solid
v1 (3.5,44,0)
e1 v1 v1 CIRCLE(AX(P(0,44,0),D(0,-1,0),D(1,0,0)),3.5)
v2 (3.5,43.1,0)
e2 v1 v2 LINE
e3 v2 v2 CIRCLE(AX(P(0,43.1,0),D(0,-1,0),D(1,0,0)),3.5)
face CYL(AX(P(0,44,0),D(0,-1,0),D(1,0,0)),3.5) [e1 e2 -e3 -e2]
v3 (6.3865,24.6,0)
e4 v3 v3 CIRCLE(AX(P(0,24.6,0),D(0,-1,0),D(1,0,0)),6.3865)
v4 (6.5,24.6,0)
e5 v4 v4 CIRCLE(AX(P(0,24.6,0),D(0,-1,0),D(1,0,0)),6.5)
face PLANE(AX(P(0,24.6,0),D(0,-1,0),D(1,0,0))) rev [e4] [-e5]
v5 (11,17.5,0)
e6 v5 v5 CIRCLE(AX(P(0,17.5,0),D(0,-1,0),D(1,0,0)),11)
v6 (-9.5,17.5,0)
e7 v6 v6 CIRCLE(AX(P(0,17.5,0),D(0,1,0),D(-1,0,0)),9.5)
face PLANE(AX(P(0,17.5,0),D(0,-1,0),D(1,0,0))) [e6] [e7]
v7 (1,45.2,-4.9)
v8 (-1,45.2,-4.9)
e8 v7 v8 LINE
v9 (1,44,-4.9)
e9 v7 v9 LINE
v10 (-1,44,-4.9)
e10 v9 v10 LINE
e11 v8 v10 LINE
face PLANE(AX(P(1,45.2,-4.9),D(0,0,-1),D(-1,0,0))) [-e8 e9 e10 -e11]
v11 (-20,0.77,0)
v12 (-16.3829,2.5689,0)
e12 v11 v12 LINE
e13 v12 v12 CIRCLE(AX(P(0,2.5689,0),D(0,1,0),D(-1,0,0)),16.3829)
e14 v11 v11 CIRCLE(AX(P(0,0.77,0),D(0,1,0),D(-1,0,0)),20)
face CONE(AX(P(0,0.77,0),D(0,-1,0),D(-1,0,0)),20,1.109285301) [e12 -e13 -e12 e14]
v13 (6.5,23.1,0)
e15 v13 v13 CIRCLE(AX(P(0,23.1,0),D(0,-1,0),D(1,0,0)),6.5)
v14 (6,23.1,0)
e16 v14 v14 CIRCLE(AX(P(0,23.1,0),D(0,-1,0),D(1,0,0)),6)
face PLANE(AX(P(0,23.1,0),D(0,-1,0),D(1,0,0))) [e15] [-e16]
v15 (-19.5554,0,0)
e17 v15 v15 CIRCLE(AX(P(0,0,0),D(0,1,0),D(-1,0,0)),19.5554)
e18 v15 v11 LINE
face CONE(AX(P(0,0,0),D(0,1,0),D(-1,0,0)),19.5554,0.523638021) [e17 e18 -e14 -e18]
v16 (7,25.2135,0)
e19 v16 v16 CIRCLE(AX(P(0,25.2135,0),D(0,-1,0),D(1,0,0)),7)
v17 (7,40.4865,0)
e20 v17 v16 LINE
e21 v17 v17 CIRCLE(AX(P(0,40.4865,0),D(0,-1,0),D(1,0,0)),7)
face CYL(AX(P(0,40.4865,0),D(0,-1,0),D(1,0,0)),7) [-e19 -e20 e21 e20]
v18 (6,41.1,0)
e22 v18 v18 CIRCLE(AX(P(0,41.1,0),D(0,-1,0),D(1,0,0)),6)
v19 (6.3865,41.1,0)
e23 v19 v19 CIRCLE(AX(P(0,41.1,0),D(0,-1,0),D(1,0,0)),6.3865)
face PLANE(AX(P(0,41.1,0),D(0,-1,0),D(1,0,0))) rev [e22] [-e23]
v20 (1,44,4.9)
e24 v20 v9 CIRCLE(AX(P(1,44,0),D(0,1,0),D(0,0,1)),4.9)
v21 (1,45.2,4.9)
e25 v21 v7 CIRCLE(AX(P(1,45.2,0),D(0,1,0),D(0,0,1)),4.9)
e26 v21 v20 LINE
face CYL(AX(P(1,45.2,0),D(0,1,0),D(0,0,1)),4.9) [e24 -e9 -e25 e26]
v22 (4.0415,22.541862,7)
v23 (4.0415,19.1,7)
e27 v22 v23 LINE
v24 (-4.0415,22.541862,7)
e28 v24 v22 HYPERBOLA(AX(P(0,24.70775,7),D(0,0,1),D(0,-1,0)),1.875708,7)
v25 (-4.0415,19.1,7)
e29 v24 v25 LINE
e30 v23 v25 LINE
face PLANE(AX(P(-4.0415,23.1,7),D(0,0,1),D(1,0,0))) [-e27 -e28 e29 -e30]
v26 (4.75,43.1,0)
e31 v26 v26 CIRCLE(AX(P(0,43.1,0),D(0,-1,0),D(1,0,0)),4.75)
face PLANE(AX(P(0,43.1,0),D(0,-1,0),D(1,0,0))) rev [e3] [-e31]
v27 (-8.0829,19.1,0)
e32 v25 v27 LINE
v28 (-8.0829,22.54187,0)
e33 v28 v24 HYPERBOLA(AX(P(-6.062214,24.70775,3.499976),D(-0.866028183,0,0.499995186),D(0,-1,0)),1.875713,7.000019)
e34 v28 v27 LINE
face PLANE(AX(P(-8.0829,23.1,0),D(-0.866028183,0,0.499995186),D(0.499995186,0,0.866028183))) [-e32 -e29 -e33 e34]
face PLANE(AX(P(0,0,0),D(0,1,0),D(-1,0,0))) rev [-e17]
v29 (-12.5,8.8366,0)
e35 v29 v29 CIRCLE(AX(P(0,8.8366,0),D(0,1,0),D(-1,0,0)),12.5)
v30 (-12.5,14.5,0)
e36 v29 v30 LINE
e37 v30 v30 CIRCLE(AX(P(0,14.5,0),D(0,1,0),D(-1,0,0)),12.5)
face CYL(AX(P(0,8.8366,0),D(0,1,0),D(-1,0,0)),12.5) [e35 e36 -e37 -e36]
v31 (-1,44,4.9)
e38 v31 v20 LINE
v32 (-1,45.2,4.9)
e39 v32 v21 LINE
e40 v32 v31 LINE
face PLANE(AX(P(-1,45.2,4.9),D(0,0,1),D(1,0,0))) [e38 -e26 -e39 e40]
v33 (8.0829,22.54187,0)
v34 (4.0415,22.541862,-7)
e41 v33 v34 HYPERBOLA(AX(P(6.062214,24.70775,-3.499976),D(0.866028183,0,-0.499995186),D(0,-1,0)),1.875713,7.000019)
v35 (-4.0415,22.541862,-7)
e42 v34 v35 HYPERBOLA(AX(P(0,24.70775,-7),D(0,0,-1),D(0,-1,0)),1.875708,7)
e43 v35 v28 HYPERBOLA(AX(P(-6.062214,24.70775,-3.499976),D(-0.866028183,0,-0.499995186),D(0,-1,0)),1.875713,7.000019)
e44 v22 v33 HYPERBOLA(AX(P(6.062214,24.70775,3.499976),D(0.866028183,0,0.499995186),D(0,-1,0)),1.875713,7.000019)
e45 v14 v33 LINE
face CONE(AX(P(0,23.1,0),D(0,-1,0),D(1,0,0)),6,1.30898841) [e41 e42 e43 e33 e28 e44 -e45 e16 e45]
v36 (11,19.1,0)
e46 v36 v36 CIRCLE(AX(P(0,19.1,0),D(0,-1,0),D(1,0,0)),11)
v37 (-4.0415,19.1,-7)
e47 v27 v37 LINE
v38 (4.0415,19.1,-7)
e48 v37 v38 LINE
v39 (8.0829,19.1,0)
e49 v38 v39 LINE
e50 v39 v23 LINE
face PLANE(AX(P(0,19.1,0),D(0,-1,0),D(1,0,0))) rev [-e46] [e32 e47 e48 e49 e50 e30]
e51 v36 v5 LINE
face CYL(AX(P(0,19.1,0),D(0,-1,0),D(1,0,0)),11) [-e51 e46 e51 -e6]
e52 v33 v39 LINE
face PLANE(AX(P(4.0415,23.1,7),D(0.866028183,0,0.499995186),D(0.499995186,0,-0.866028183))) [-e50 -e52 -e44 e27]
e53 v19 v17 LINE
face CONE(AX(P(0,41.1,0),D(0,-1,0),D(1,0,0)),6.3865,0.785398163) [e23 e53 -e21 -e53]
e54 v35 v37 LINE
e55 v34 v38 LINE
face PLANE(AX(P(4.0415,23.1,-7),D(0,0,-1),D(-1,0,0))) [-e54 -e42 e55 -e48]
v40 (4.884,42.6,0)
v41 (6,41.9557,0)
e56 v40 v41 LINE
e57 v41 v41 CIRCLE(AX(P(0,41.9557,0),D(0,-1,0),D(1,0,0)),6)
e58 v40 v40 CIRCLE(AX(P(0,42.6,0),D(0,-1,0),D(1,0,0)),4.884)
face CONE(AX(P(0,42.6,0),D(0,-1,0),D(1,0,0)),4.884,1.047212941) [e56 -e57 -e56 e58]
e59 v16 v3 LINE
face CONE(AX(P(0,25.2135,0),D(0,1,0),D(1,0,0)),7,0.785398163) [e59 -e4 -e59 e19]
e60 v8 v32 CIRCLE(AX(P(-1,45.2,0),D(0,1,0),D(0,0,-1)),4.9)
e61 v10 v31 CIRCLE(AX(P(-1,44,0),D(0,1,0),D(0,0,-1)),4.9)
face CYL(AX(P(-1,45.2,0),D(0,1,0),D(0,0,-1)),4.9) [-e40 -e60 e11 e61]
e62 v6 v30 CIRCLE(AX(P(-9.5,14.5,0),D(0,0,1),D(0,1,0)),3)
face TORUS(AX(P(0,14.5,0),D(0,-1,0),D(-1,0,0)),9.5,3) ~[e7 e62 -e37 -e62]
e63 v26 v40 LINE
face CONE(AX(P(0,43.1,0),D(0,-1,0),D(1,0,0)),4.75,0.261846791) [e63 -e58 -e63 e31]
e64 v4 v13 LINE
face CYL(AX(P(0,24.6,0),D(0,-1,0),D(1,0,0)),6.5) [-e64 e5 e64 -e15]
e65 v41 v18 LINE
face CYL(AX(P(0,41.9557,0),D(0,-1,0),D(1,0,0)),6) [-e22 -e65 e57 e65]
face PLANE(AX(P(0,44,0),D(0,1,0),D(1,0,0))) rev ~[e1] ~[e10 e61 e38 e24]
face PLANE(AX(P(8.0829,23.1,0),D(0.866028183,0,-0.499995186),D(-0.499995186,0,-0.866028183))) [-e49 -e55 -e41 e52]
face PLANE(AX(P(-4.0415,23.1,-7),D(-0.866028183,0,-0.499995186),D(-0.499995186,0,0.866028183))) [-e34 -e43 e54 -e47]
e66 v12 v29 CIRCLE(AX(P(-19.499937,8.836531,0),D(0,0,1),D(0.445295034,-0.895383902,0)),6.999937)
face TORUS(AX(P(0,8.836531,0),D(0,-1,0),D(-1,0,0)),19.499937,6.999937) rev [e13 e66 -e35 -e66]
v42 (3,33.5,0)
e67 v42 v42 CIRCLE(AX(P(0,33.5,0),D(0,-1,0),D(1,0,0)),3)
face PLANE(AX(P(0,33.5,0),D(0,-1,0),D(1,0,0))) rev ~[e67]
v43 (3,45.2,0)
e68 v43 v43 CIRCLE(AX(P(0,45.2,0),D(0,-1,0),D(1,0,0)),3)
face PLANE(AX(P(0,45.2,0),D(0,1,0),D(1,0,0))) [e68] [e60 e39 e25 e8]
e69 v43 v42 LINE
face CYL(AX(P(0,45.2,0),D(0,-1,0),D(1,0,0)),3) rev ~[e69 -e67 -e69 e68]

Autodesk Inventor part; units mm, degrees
sketch "Sketch_1" plane through (0, 45.2, 0) normal (0, 1, 0) x (1, 0, 0)
  arc A0 (-1, 4.9) -> (-1, -4.9) centre (-1, 0) ccw
  line L0 (-1, -4.9) -> (1, -4.9)
  arc A1 (1, -4.9) -> (1, 4.9) centre (1, 0) ccw
  line L1 (1, 4.9) -> (-1, 4.9)
extrude "Extrusion1" add sketch "Sketch_1" against normal blind 1.2
sketch "Sketch_2" plane through (0, 0, 0) normal (0, 0, 1) x (1, 0, 0)
  line L0 (0, 41.1) -> (0, 44)
  line L1 (0, 44) -> (3.5, 44)
  line L2 (3.5, 44) -> (3.5, 43.1)
  line L3 (3.5, 43.1) -> (4.75, 43.1)
  line L4 (4.75, 43.1) -> (4.884, 42.6)
  line L5 (4.884, 42.6) -> (6, 41.9557)
  line L6 (6, 41.9557) -> (6, 41.1)
  line L7 (6, 41.1) -> (0, 41.1)
  line L8 (0, 41.1) -> (0, 44)
revolve "Revolution1" add sketch "Sketch_2" angle 360 about axis through (0, 41.1, 0) along (0, -1, 0)
sketch "Sketch_5" plane through (0, 0, 0) normal (0, 0, 1) x (1, 0, 0)
  line L0 (0, 24.6) -> (0, 41.1)
  line L1 (0, 41.1) -> (6.3865, 41.1)
  line L2 (6.3865, 41.1) -> (7, 40.4865)
  line L3 (7, 40.4865) -> (7, 25.2135)
  line L4 (7, 25.2135) -> (6.3865, 24.6)
  line L5 (6.3865, 24.6) -> (0, 24.6)
  line L6 (0, 24.6) -> (0, 41.1)
revolve "Revolution2" add sketch "Sketch_5" angle 360 about axis through (0, 24.6, 0) along (0, -1, 0)
thread "Thread1" size "M14x1" class "6g" standard "ISO Metric profile" full length
sketch "Sketch_6" plane through (0, 0, 0) normal (0, 0, 1) x (1, 0, 0)
  line L0 (0, 23.1) -> (0, 24.6)
  line L1 (0, 24.6) -> (6.5, 24.6)
  line L2 (6.5, 24.6) -> (6.5, 23.1)
  line L3 (6.5, 23.1) -> (0, 23.1)
  line L4 (0, 23.1) -> (0, 24.6)
revolve "Revolution3" add sketch "Sketch_6" angle 360 about axis through (0, 23.1, 0) along (0, -1, 0)
sketch "Sketch_8" plane through (0, 0, 0) normal (0, 0, 1) x (1, 0, 0)
  line L0 (0, 17.5) -> (0, 23.1)
  line L1 (0, 23.1) -> (6, 23.1)
  line L2 (6, 23.1) -> (8.4, 22.4569)
  line L3 (8.4, 22.4569) -> (8.4, 18.1431)
  line L4 (8.4, 18.1431) -> (6, 17.5)
  line L5 (6, 17.5) -> (0, 17.5)
  line L6 (0, 17.5) -> (0, 23.1)
revolve "Revolution4" add sketch "Sketch_8" angle 360 about axis through (0, 17.5, 0) along (0, -1, 0)
sketch "Sketch_9" plane through (0, 23.1, 0) normal (0, 1, 0) x (1, 0, 0)
  line L0 (-12, -12) -> (12, -12)
  line L1 (12, -12) -> (12, 12)
  line L2 (12, 12) -> (-12, 12)
  line L3 (-12, 12) -> (-12, -12)
  line L4 (-8.0829, 0) -> (-4.0415, -7)
  line L5 (-4.0415, -7) -> (4.0415, -7)
  line L6 (4.0415, -7) -> (8.0829, 0)
  line L7 (8.0829, 0) -> (4.0415, 7)
  line L8 (4.0415, 7) -> (-4.0415, 7)
  line L9 (-4.0415, 7) -> (-8.0829, 0)
extrude "Extrusion2" cut sketch "Sketch_9" against normal blind 5.6
sketch "Sketch_10" plane through (0, 0, 0) normal (0, 0, 1) x (1, 0, 0)
  line L0 (0, 17.5) -> (0, 19.1)
  line L1 (0, 19.1) -> (11, 19.1)
  line L2 (11, 19.1) -> (11, 17.5)
  line L3 (11, 17.5) -> (0, 17.5)
  line L4 (0, 17.5) -> (0, 19.1)
revolve "Revolution5" add sketch "Sketch_10" angle 360 about axis through (0, 17.5, 0) along (0, -1, 0)
sketch "Sketch_12" plane through (0, 0, 0) normal (0, 0, 1) x (1, 0, 0)
  line L0 (0, 33.5) -> (0, 45.2)
  line L1 (0, 45.2) -> (3, 45.2)
  line L2 (3, 45.2) -> (3, 33.5)
  line L3 (3, 33.5) -> (0, 33.5)
  line L4 (0, 33.5) -> (0, 45.2)
revolve "Revolution6" cut sketch "Sketch_12" angle 360 about axis through (0, 33.5, 0) along (0, -1, 0)
sketch "Sketch_22" plane through (0, 0, 0) normal (0, 0, 1) x (1, 0, 0)
  line L0 (0, 17.5) -> (0, 0)
  line L1 (0, 0) -> (-19.5554, 0)
  line L2 (-19.5554, 0) -> (-20, 0.77)
  line L3 (-20, 0.77) -> (-16.3829, 2.5689)
  arc A0 (-16.3829, 2.5689) -> (-12.5, 8.8366) centre (-19.5, 8.8366) ccw
  line L4 (-12.5, 8.8366) -> (-12.5, 14.5)
  arc A1 (-9.5, 17.5) -> (-12.5, 14.5) centre (-9.5, 14.5) ccw
  line L5 (-9.5, 17.5) -> (0, 17.5)
  line L6 (0, 17.5) -> (0, 0)
revolve "Revolution7" add sketch "Sketch_22" angle 360 about axis through (0, 17.5, 0) along (0, 1, 0)
ref_plane "BODY_TO_PARTS_XY" through (0, 17.5, 0) normal (0, 1, 0) x (1, 0, 0)
ref_plane "BODY_TO_PARTS_YZ" through (0, 17.5, 0) normal (1, 0, 0) x (0, 0, -1)
ref_plane "BODY_TO_PARTS_ZX" through (0, 17.5, 0) normal (0, 0, -1) x (0, 1, 0)
ref_plane "body_to_nut1_XY" through (0, 30.3, 0) normal (0, 1, 0) x (1, 0, 0)
ref_plane "body_to_nut1_YZ" through (0, 30.3, 0) normal (1, 0, 0) x (0, 0, -1)
ref_plane "body_to_nut1_ZX" through (0, 30.3, 0) normal (0, 0, -1) x (0, 1, 0)
ref_plane "body_to_nut2_XY" through (0, 24.7, 0) normal (0, 1, 0) x (1, 0, 0)
ref_plane "body_to_nut2_YZ" through (0, 24.7, 0) normal (1, 0, 0) x (0, 0, -1)
ref_plane "body_to_nut2_ZX" through (0, 24.7, 0) normal (0, 0, -1) x (0, 1, 0)
ref_plane "body_to_nut3_XY" through (0, 34.6, 0) normal (0, 1, 0) x (1, 0, 0)
ref_plane "body_to_nut3_YZ" through (0, 34.6, 0) normal (1, 0, 0) x (0, 0, -1)
ref_plane "body_to_nut3_ZX" through (0, 34.6, 0) normal (0, 0, -1) x (0, 1, 0)
ref_plane "body_to_nut4_XY" through (0, 27.6, 0) normal (0, 1, 0) x (1, 0, 0)
ref_plane "body_to_nut4_YZ" through (0, 27.6, 0) normal (1, 0, 0) x (0, 0, -1)
ref_plane "body_to_nut4_ZX" through (0, 27.6, 0) normal (0, 0, -1) x (0, 1, 0)
ref_plane "作業平面17" through (0, 0, 10) normal (0, 0, 1) x (1, 0, 0)
sketch "スケッチ11" plane through (0, 0, 10) normal (0, 0, 1) x (1, 0, 0)
  arc A0 (-16.3829, 2.5689) -> (-12.5, 8.8366) centre (-19.5, 8.8366) ccw projected
  line L0 (0, 0) -> (-19.5554, 0) projected
  line L1 (-19.5554, 0) -> (-20, 0.77) projected
  line L2 (-5.9, 44) -> (-1, 44) projected
  line L3 (-1, 45.2) -> (-5.9, 45.2) projected
  line L4 (-1, 45.2) -> (-1, 44) projected
  line L5 (-4.884, 42.6) -> (4.884, 42.6) projected
  line L6 (-4.884, 42.6) -> (4.884, 42.6) projected
  line L7 (-4.75, 43.1) -> (4.75, 43.1) projected
  line L8 (-3.5, 43.1) -> (3.5, 43.1) projected
  line L9 (-4.75, 43.1) -> (4.75, 43.1) projected
  line L10 (-1, 44) -> (1, 44) projected
  line L11 (1, 44) -> (-1, 44) projected
  line L12 (3.5, 44) -> (-3.5, 44) projected
  line L13 (-3.5, 43.1) -> (3.5, 43.1) projected
  line L14 (3.5, 44) -> (-3.5, 44) projected
  line L15 (1, 44) -> (5.9, 44) projected
  line L16 (3.5, 44) -> (-3.5, 44) projected
  line L17 (-1, 44) -> (-1, 44) projected
  line L18 (-1, 44) -> (1, 44) projected
  line L19 (1, 44) -> (1, 44) projected
  line L20 (1, 44) -> (-1, 44) projected
  line L21 (-3, 45.2) -> (3, 45.2) projected
  line L22 (-1, 45.2) -> (-1, 45.2) projected
  line L23 (-1, 45.2) -> (1, 45.2) projected
  line L24 (1, 45.2) -> (1, 45.2) projected
  line L25 (1, 45.2) -> (-1, 45.2) projected
  line L26 (5.9, 45.2) -> (1, 45.2) projected
  line L27 (1, 45.2) -> (1, 45.2) projected
  line L28 (1, 45.2) -> (1, 44) projected
  line L29 (1, 44) -> (1, 44) projected
  line L30 (1, 45.2) -> (1, 44) projected
  line L31 (1, 45.2) -> (1, 44) projected
  line L32 (-1, 45.2) -> (1, 45.2) projected
  line L33 (-1, 45.2) -> (1, 45.2) projected
  line L34 (-1, 45.2) -> (-1, 44) projected
  line L35 (1, 44) -> (-1, 44) projected
  line L36 (1, 45.2) -> (1, 44) projected
  line L37 (1, 45.2) -> (-1, 45.2) projected
  line L38 (1, 45.2) -> (1, 44) projected
  line L39 (1, 45.2) -> (-1, 45.2) projected
  line L40 (1, 45.2) -> (1, 44) projected
  line L41 (-1, 44) -> (1, 44) projected
  line L42 (-1, 45.2) -> (-1, 44) projected
  line L43 (-3, 45.2) -> (3, 45.2) projected
  line L44 (-4.75, 43.1) -> (4.75, 43.1) projected
  line L45 (-3.5, 43.1) -> (3.5, 43.1) projected
  line L46 (-3, 33.5) -> (3, 33.5) projected
  line L47 (-3, 45.2) -> (3, 45.2) projected
  line L48 (-6, 41.9557) -> (6, 41.9557) projected
  line L49 (-4.884, 42.6) -> (4.884, 42.6) projected
  line L50 (-6, 41.9557) -> (6, 41.9557) projected
  line L51 (-6, 41.1) -> (6, 41.1) projected
  line L52 (-6, 41.9557) -> (6, 41.9557) projected
  line L53 (-6, 41.1) -> (6, 41.1) projected
  line L54 (-3, 33.5) -> (3, 33.5) projected
  line L55 (-3, 33.5) -> (3, 33.5) projected
  line L56 (-6.3865, 41.1) -> (6.3865, 41.1) projected
  line L57 (-6.3865, 41.1) -> (6.3865, 41.1) projected
  line L58 (-6, 41.1) -> (6, 41.1) projected
  line L59 (-7, 40.4865) -> (7, 40.4865) projected
  line L60 (-7, 25.2135) -> (7, 25.2135) projected
  line L61 (-7, 40.4865) -> (7, 40.4865) projected
  line L62 (-7, 40.4865) -> (7, 40.4865) projected
  line L63 (-6.3865, 41.1) -> (6.3865, 41.1) projected
  line L64 (-7, 25.2135) -> (7, 25.2135) projected
  line L65 (-6.5, 23.1) -> (6.5, 23.1) projected
  line L66 (-6.3865, 24.6) -> (6.3865, 24.6) projected
  line L67 (-6.5, 24.6) -> (6.5, 24.6) projected
  line L68 (6, 23.1) -> (-6, 23.1) projected
  line L69 (-8.0829, 22.5419) -> (-8.0829, 19.1) projected
  line L70 (-4.0415, 22.5419) -> (-4.0415, 19.1) projected
  line L71 (4.0415, 22.5419) -> (4.0415, 19.1) projected
  line L72 (8.0829, 22.5419) -> (8.0829, 19.1) projected
  line L73 (-4.0415, 22.5419) -> (-4.0415, 19.1) projected
  line L74 (4.0415, 22.5419) -> (4.0415, 19.1) projected
  line L75 (4.0415, 19.1) -> (-4.0415, 19.1) projected
  line L76 (4.0415, 19.1) -> (-4.0415, 19.1) projected
  line L77 (-4.0415, 22.5419) -> (-4.0415, 19.1) projected
  line L78 (4.0415, 22.5419) -> (4.0415, 19.1) projected
  line L79 (-6.5, 24.6) -> (6.5, 24.6) projected
  line L80 (-6.3865, 24.6) -> (6.3865, 24.6) projected
  line L81 (-6.3865, 24.6) -> (6.3865, 24.6) projected
  line L82 (-7, 25.2135) -> (7, 25.2135) projected
  line L83 (-6.5, 23.1) -> (6.5, 23.1) projected
  line L84 (-6.5, 24.6) -> (6.5, 24.6) projected
  line L85 (-4.0415, 19.1) -> (-8.0829, 19.1) projected
  line L86 (8.0829, 19.1) -> (4.0415, 19.1) projected
  line L87 (8.0829, 19.1) -> (4.0415, 19.1) projected
  line L88 (4.0415, 22.5419) -> (4.0415, 19.1) projected
  line L89 (8.0829, 22.5419) -> (8.0829, 19.1) projected
  line L90 (-4.0415, 19.1) -> (-8.0829, 19.1) projected
  line L91 (-8.0829, 22.5419) -> (-8.0829, 19.1) projected
  line L92 (-4.0415, 22.5419) -> (-4.0415, 19.1) projected
  line L93 (-8.0829, 19.1) -> (-4.0415, 19.1) projected
  line L94 (-8.0829, 19.1) -> (-4.0415, 19.1) projected
  line L95 (-4.0415, 22.5419) -> (-4.0415, 19.1) projected
  line L96 (-8.0829, 22.5419) -> (-8.0829, 19.1) projected
  line L97 (6, 23.1) -> (-6, 23.1) projected
  line L98 (-4.0415, 19.1) -> (4.0415, 19.1) projected
  line L99 (-4.0415, 19.1) -> (4.0415, 19.1) projected
  line L100 (4.0415, 22.5419) -> (4.0415, 19.1) projected
  line L101 (-4.0415, 22.5419) -> (-4.0415, 19.1) projected
  line L102 (6, 23.1) -> (-6, 23.1) projected
  line L103 (-6.5, 23.1) -> (6.5, 23.1) projected
  line L104 (4.0415, 19.1) -> (8.0829, 19.1) projected
  line L105 (4.0415, 19.1) -> (8.0829, 19.1) projected
  line L106 (8.0829, 22.5419) -> (8.0829, 19.1) projected
  line L107 (4.0415, 22.5419) -> (4.0415, 19.1) projected
  line L108 (-1, 45.2) -> (-1, 44) projected
  line L109 (-1, 45.2) -> (-1, 45.2) projected
  line L110 (-1, 45.2) -> (-1, 44) projected
  line L111 (-1, 44) -> (-1, 44) projected
  line L112 (-1, 45.2) -> (-1, 44) projected
  line L113 (-11, 19.1) -> (11, 19.1) projected
  line L114 (-11, 17.5) -> (11, 17.5) projected
  line L115 (-9.5, 17.5) -> (9.5, 17.5) projected
  line L116 (12.5, 14.5) -> (-12.5, 14.5) projected
  line L117 (12.5, 8.8366) -> (-12.5, 8.8366) projected
  line L118 (-11, 19.1) -> (11, 19.1) projected
  line L119 (4.0415, 19.1) -> (-4.0415, 19.1) projected
  line L120 (8.0829, 19.1) -> (4.0415, 19.1) projected
  line L121 (4.0415, 19.1) -> (8.0829, 19.1) projected
  line L122 (-4.0415, 19.1) -> (4.0415, 19.1) projected
  line L123 (-8.0829, 19.1) -> (-4.0415, 19.1) projected
  line L124 (-4.0415, 19.1) -> (-8.0829, 19.1) projected
  line L125 (-11, 17.5) -> (11, 17.5) projected
  line L126 (-11, 19.1) -> (11, 19.1) projected
  line L127 (-9.5, 17.5) -> (9.5, 17.5) projected
  line L128 (12.5, 14.5) -> (-12.5, 14.5) projected
  line L129 (12.5, 14.5) -> (-12.5, 14.5) projected
  line L130 (12.5, 8.8366) -> (-12.5, 8.8366) projected
  line L131 (-11, 17.5) -> (11, 17.5) projected
  line L132 (-9.5, 17.5) -> (9.5, 17.5) projected
  line L133 (0, 17.5) -> (0, 19.1) projected
  line L134 (0, 19.1) -> (11, 19.1) projected
  line L135 (11, 19.1) -> (11, 17.5) projected
  line L136 (11, 17.5) -> (0, 17.5) projected
  line L137 (0, 17.5) -> (0, 19.1) projected
  line L138 (0, 33.5) -> (0, 45.2) projected
  line L139 (0, 45.2) -> (3, 45.2) projected
  line L140 (3, 45.2) -> (3, 33.5) projected
  line L141 (3, 33.5) -> (0, 33.5) projected
  line L142 (0, 33.5) -> (0, 45.2) projected
  line L143 (0, 17.5) -> (0, 0) projected
  line L144 (-20, 0.77) -> (-16.3829, 2.5689) projected
  line L145 (-12.5, 8.8366) -> (-12.5, 14.5) projected
  arc A1 (-9.5, 17.5) -> (-12.5, 14.5) centre (-9.5, 14.5) ccw projected
  line L146 (-9.5, 17.5) -> (0, 17.5) projected
  line L147 (0, 17.5) -> (0, 0) projected
  line L148 (0, 17.5) -> (0, 23.1) projected
  line L149 (0, 23.1) -> (6, 23.1) projected
  line L150 (6, 23.1) -> (8.4, 22.4569) projected
  line L151 (8.4, 22.4569) -> (8.4, 18.1431) projected
  line L152 (8.4, 18.1431) -> (6, 17.5) projected
  line L153 (6, 17.5) -> (0, 17.5) projected
  line L154 (0, 17.5) -> (0, 23.1) projected
  line L155 (0, 23.1) -> (0, 24.6) projected
  line L156 (0, 24.6) -> (6.5, 24.6) projected
  line L157 (6.5, 24.6) -> (6.5, 23.1) projected
  line L158 (6.5, 23.1) -> (0, 23.1) projected
  line L159 (0, 23.1) -> (0, 24.6) projected
  line L160 (0, 24.6) -> (0, 41.1) projected
  line L161 (0, 41.1) -> (6.3865, 41.1) projected
  line L162 (6.3865, 41.1) -> (7, 40.4865) projected
  line L163 (7, 40.4865) -> (7, 25.2135) projected
  line L164 (7, 25.2135) -> (6.3865, 24.6) projected
  line L165 (6.3865, 24.6) -> (0, 24.6) projected
  line L166 (0, 24.6) -> (0, 41.1) projected
  line L167 (0, 41.1) -> (0, 44) projected
  line L168 (0, 44) -> (3.5, 44) projected
  line L169 (3.5, 44) -> (3.5, 43.1) projected
  line L170 (3.5, 43.1) -> (4.75, 43.1) projected
  line L171 (4.75, 43.1) -> (4.884, 42.6) projected
  line L172 (4.884, 42.6) -> (6, 41.9557) projected
  line L173 (6, 41.9557) -> (6, 41.1) projected
  line L174 (6, 41.1) -> (0, 41.1) projected
  line L175 (0, 41.1) -> (0, 44) projected
properties part number "MVFKN40-1-1"
